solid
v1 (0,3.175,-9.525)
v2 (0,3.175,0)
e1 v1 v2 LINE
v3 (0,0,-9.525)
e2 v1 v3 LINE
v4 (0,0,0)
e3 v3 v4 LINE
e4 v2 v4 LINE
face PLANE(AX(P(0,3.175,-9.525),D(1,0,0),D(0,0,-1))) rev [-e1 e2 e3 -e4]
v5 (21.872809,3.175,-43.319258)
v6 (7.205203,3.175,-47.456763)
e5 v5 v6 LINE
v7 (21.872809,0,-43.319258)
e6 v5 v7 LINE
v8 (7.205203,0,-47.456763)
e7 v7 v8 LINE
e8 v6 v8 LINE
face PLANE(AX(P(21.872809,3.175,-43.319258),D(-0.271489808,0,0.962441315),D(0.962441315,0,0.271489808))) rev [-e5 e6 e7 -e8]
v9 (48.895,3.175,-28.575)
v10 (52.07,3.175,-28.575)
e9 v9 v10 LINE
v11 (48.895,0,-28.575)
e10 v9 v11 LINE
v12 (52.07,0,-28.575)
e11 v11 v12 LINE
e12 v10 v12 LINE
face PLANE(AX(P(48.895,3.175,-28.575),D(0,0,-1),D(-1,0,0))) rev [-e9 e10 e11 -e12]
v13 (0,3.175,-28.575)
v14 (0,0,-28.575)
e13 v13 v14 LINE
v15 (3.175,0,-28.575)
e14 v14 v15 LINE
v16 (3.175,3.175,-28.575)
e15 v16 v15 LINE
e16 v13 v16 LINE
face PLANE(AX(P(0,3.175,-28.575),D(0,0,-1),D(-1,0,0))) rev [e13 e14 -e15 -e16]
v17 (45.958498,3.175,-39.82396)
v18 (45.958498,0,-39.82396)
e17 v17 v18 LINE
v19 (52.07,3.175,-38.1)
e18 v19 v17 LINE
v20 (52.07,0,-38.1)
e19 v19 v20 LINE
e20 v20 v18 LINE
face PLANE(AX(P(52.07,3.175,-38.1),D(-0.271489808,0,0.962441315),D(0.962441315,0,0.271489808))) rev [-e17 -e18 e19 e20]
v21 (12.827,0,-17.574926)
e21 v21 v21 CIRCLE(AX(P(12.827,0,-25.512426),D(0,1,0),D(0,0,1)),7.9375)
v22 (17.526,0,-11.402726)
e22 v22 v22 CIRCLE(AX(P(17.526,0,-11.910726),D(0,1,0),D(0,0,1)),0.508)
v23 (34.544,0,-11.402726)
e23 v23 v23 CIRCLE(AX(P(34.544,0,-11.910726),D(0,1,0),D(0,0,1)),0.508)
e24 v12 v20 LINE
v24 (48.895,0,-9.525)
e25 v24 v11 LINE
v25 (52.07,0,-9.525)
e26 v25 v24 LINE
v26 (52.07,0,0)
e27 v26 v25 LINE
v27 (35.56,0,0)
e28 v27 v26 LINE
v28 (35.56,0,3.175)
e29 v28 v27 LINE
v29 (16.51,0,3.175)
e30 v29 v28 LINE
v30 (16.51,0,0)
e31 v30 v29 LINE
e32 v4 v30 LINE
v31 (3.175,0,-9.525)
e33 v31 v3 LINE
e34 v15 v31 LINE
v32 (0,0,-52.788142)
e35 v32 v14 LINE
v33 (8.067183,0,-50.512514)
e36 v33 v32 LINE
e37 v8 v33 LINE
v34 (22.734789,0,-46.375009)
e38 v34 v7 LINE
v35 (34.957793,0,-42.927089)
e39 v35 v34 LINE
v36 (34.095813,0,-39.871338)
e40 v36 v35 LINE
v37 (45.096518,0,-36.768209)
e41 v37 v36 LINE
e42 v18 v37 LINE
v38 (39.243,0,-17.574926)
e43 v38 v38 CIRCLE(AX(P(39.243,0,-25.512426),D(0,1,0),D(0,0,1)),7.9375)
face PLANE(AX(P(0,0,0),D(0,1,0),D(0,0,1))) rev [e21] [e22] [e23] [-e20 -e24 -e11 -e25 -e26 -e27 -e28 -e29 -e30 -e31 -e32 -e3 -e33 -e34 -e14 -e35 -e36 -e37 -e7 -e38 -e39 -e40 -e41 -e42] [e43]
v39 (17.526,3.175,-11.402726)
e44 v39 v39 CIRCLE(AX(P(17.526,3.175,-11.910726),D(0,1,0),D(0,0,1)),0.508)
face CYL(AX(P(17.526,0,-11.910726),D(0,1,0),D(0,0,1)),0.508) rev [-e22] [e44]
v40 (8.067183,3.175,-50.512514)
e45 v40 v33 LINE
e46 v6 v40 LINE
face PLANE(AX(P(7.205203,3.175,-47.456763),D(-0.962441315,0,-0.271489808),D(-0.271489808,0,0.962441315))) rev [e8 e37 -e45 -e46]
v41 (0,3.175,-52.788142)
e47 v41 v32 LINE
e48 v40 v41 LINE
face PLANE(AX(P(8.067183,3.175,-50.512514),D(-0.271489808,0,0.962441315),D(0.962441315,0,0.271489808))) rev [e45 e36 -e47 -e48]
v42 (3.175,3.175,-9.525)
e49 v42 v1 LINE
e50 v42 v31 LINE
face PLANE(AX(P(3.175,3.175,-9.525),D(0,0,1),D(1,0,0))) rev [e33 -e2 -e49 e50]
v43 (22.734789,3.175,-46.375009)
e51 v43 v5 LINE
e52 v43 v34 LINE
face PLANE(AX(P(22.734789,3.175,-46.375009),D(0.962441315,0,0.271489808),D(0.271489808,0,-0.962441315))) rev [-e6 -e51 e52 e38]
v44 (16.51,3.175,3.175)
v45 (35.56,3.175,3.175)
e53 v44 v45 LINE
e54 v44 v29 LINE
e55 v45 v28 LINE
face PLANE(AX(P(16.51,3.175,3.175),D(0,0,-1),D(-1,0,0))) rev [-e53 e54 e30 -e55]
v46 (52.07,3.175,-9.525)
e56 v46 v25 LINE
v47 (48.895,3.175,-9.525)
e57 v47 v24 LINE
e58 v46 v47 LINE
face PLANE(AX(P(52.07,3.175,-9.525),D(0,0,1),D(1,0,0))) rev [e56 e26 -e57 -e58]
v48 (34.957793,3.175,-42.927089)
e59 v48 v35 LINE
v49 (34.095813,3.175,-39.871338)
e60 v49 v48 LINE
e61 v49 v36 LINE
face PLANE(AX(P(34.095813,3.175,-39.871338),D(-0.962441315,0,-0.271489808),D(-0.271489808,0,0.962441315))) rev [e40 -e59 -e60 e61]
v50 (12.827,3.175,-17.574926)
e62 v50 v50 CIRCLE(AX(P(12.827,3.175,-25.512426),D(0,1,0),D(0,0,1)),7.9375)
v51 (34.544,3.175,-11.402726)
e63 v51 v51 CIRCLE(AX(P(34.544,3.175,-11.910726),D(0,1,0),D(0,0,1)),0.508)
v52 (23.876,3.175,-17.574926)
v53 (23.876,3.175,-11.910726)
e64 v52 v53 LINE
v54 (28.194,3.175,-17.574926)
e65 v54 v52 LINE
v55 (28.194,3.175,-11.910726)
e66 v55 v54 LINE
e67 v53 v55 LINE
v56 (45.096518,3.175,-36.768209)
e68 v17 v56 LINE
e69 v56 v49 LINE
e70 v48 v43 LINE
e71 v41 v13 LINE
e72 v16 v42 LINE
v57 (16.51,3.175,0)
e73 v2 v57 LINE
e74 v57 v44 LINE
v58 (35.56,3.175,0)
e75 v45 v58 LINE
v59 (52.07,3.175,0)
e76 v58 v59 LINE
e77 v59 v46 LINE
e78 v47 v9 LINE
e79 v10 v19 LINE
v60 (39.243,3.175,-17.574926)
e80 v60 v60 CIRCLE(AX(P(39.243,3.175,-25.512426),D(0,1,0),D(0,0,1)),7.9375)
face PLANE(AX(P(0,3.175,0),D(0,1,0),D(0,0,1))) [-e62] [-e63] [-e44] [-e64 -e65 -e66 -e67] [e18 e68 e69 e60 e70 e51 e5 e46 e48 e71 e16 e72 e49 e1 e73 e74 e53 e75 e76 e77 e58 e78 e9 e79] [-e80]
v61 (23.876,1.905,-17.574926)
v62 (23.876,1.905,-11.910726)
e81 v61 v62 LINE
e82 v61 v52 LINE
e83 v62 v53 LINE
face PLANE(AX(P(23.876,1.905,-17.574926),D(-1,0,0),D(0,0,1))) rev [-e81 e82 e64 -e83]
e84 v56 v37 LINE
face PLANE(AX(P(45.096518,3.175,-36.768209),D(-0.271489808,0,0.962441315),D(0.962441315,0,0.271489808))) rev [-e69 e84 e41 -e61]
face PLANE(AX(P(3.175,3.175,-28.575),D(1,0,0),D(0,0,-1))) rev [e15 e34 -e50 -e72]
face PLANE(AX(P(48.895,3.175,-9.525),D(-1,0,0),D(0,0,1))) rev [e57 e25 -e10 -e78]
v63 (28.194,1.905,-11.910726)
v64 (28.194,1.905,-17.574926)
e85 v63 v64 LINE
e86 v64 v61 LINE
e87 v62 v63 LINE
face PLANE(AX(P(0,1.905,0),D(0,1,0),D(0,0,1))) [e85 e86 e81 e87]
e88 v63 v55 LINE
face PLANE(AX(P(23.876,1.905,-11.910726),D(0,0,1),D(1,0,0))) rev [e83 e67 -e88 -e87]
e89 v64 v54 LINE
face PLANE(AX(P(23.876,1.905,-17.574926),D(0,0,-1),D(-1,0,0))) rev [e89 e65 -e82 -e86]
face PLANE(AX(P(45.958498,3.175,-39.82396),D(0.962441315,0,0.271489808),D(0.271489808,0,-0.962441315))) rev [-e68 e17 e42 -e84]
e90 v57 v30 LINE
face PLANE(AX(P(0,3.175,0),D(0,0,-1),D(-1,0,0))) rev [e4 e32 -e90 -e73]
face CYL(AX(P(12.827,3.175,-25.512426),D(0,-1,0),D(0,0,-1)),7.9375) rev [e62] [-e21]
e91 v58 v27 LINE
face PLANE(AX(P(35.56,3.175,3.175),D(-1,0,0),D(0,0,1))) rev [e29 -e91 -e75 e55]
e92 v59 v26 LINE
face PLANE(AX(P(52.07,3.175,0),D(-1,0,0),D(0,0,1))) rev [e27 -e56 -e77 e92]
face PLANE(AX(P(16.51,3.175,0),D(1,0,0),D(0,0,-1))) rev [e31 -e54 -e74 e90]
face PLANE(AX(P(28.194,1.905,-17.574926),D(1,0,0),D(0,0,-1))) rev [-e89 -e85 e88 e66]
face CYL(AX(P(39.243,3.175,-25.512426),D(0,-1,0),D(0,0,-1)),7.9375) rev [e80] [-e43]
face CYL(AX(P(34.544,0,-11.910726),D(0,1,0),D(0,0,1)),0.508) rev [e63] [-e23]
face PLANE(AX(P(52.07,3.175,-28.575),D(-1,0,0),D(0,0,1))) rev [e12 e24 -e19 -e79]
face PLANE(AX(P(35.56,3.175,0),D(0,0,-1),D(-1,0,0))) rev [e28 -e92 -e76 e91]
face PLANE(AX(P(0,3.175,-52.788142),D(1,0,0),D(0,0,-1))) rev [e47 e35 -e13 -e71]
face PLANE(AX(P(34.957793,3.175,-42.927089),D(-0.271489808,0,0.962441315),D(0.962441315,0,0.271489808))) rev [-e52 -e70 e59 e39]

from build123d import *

# Parameters (mm, degrees)
SKETCH1_R           = 7.9375
BOSS_EXTRUDE1_DEPTH = 3.175
SKETCH2_W           = 4.318
SKETCH2_H           = 5.6642
CUT_EXTRUDE1_DEPTH  = 1.27
SKETCH3_R           = 0.508
CUT_EXTRUDE2_DEPTH  = 75.215587445


with BuildPart() as part:
    # Sketch1 → Boss-Extrude1 (new body)
    with BuildSketch(Plane(origin=(0, 0, 0), x_dir=(1, 0, 0), z_dir=(0, 1, 0))):
        Polygon((0, 0), (16.51, 0), (16.51, -3.175), (35.56, -3.175), (35.56, 0), (52.07, 0), (52.07, 9.525), (48.895, 9.525), (48.895, 28.575), (52.07, 28.575), (52.07, 38.1), (45.958497653, 39.823960283), (45.096517511, 36.768209109), (34.095813286, 39.871337619), (34.957793427, 42.927088793), (22.734788732, 46.375009359), (21.872808591, 43.319258185), (7.205202957, 47.456762864), (8.067183099, 50.512514038), (0, 52.788141612), (0, 28.575), (3.175, 28.575), (3.175, 9.525), (0, 9.525), align=None)
        with Locations(Location((12.827, 25.512426191, 0), (0, 0, 270))):
            Circle(SKETCH1_R, mode=Mode.SUBTRACT)
        with Locations(Location((39.243, 25.512426191, 0), (0, 0, 270))):
            Circle(SKETCH1_R, mode=Mode.SUBTRACT)
    extrude(amount=BOSS_EXTRUDE1_DEPTH)

    # Sketch2 → Cut-Extrude1 (cut)
    with BuildSketch(Plane(origin=(0, 3.175, 0), x_dir=(1, 0, 0), z_dir=(0, 1, 0))):
        with Locations((26.035, 14.742826191)):
            Rectangle(SKETCH2_W, SKETCH2_H)
    extrude(amount=-CUT_EXTRUDE1_DEPTH, mode=Mode.SUBTRACT)

    # Sketch3 → Cut-Extrude2 (cut, through all)
    with BuildSketch(Plane(origin=(0, 3.175, 0), x_dir=(1, 0, 0), z_dir=(0, 1, 0))):
        with Locations(Location((17.526, 11.910726191, 0), (0, 0, 270))):
            Circle(SKETCH3_R)
        with Locations(Location((34.544, 11.910726191, 0), (0, 0, 270))):
            Circle(SKETCH3_R)
    extrude(amount=-CUT_EXTRUDE2_DEPTH, mode=Mode.SUBTRACT)


solid = part.part
